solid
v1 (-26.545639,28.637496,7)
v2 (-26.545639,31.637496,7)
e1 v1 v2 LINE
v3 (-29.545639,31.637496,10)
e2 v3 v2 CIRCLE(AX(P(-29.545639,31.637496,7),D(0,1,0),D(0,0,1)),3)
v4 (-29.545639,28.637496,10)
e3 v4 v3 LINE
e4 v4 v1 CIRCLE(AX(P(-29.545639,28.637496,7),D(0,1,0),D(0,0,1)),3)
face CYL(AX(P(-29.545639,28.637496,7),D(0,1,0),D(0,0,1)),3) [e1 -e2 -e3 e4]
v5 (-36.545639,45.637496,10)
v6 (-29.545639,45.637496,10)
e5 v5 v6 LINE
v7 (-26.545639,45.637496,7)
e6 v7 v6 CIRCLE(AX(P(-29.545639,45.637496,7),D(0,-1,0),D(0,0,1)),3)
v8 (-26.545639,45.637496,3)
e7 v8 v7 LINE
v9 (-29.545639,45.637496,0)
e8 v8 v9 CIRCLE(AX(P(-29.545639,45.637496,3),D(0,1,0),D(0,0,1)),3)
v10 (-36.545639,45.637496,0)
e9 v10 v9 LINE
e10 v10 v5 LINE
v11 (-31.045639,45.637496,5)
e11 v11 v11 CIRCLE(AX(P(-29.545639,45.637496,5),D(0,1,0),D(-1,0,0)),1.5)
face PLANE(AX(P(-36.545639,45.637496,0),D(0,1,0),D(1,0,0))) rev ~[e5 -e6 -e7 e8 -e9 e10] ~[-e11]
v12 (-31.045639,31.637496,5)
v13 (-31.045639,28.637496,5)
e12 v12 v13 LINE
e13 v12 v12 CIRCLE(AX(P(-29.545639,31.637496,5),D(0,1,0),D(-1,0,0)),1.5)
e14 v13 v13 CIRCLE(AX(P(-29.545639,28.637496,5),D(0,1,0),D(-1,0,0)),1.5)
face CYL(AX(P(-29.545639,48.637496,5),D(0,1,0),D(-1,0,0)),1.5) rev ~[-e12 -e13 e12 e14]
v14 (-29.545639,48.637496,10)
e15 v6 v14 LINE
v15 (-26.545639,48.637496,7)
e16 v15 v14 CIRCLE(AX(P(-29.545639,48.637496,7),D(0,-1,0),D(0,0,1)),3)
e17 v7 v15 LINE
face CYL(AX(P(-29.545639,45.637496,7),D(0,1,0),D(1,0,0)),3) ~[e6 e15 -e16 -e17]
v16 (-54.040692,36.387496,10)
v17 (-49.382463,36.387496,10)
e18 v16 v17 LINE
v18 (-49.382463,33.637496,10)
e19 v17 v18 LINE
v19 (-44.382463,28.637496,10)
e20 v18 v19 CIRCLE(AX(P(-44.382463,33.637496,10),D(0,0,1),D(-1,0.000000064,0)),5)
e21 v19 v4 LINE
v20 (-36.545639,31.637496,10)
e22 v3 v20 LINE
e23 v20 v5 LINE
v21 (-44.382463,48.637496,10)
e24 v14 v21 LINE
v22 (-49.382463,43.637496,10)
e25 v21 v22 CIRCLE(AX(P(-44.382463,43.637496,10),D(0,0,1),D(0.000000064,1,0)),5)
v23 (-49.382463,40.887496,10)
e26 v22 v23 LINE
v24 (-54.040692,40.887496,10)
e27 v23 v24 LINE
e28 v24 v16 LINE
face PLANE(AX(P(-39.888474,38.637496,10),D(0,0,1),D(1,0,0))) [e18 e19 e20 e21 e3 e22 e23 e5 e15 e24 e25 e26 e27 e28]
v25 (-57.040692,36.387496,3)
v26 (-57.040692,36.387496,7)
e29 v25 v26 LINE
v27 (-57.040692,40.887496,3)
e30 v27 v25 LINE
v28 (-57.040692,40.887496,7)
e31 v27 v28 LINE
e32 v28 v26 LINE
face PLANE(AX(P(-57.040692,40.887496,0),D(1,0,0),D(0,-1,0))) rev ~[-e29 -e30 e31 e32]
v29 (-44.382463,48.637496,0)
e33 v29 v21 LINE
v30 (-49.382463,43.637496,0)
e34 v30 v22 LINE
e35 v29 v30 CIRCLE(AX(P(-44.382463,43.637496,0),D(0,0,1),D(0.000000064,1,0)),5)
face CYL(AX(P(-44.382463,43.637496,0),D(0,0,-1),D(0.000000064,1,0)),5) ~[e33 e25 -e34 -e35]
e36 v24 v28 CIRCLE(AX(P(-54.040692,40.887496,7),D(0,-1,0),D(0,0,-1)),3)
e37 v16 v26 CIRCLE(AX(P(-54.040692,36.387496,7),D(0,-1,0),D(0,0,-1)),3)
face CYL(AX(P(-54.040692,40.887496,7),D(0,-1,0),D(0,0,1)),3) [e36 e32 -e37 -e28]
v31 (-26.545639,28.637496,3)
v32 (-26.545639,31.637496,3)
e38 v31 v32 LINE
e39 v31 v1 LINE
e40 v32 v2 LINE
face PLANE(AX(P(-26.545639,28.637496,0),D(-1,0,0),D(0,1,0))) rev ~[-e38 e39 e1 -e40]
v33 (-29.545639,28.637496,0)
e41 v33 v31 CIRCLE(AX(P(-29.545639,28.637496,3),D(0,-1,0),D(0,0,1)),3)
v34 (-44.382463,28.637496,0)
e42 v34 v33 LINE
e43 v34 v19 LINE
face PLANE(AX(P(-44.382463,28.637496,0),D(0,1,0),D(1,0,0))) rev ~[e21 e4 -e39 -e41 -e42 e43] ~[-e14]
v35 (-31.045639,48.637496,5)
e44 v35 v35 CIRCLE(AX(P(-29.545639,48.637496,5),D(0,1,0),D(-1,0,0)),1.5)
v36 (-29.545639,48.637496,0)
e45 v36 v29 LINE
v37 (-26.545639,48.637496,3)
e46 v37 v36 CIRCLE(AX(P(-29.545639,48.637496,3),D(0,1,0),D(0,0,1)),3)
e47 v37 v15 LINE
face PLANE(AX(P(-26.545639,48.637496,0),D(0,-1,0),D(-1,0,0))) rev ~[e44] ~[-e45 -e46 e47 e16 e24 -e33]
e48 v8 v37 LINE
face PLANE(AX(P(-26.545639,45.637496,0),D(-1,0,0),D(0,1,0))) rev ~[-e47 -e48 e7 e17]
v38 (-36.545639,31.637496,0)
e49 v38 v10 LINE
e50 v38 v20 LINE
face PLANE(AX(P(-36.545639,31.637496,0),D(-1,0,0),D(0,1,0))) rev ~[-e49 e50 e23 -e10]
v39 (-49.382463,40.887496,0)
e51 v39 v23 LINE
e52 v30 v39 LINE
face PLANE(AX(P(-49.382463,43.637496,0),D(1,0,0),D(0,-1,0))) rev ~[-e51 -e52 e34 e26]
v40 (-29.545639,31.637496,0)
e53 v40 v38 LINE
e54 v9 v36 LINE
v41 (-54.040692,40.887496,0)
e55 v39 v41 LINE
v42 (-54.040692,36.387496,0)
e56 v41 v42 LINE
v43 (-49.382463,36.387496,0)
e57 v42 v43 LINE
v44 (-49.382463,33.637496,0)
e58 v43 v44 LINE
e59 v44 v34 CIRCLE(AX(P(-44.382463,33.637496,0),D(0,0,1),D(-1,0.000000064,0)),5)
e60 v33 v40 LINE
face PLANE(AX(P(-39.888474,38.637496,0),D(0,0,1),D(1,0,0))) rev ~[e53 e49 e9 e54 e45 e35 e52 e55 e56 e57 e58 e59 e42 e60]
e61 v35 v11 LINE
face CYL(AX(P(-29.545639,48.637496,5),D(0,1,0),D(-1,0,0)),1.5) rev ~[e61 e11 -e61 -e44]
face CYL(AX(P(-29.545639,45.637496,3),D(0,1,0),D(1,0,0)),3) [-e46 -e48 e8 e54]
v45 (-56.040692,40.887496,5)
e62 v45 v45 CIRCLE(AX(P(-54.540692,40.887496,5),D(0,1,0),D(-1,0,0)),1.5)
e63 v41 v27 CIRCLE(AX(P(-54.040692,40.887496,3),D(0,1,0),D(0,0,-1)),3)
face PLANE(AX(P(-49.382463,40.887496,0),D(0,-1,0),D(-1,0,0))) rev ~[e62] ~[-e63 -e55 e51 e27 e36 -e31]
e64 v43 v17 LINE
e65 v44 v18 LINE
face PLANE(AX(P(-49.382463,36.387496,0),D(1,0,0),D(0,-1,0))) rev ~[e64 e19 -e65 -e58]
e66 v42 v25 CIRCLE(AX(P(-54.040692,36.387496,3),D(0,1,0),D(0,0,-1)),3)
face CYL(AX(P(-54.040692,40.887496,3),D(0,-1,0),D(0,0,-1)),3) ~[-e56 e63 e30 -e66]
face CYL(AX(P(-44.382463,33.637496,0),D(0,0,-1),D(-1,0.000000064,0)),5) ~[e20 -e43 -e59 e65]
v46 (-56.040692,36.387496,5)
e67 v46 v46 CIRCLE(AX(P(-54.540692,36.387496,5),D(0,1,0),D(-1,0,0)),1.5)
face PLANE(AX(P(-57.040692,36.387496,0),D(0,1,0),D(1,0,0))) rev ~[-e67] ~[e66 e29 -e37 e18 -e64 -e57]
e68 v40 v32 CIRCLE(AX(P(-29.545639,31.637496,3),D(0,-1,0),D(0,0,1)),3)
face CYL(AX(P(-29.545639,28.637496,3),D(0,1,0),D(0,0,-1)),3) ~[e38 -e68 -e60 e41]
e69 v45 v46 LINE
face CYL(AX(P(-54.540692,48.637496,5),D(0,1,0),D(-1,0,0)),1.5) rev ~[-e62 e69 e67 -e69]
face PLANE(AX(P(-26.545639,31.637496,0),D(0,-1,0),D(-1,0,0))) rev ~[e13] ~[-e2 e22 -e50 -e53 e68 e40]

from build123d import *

# Parameters (mm, degrees)
F1_DEPTH = 10
F2_R     = 1.5
F3_DEPTH = 25
F4_R     = 3


with BuildPart() as f1:
    # F0 (on Top) → F1 (new body)
    with BuildSketch(Plane.XY):
        with BuildLine():
            Line((-26.545639, 48.637496), (-44.382463, 48.637496))
            ThreePointArc((-44.382463, 48.637496), (-47.917997, 47.17303), (-49.382463, 43.637496))
            Line((-49.382463, 43.637496), (-49.382463, 40.887496))
            Line((-49.382463, 40.887496), (-57.040692, 40.887496))
            Line((-57.040692, 40.887496), (-57.040692, 36.387496))
            Line((-57.040692, 36.387496), (-49.382463, 36.387496))
            Line((-49.382463, 36.387496), (-49.382463, 33.637496))
            ThreePointArc((-49.382463, 33.637496), (-47.917997, 30.101962), (-44.382463, 28.637496))
            Line((-44.382463, 28.637496), (-26.545639, 28.637496))
            Line((-26.545639, 28.637496), (-26.545639, 31.637496))
            Line((-26.545639, 31.637496), (-36.545639, 31.637496))
            Line((-36.545639, 31.637496), (-36.545639, 45.637496))
            Line((-36.545639, 45.637496), (-26.545639, 45.637496))
            Line((-26.545639, 45.637496), (-26.545639, 48.637496))
        make_face()
    extrude(amount=F1_DEPTH)

    # F2 (on face) → F3 (cut)
    with BuildSketch(Plane(origin=(0, 48.637496, 0), x_dir=(-1, 0, 0), z_dir=(0, 1, 0))):
        with Locations((54.540692, 5)):
            Circle(F2_R)
        with Locations((29.545639, 5)):
            Circle(F2_R)
    extrude(amount=-F3_DEPTH, mode=Mode.SUBTRACT)

    # F4
    f4_edges = [f1.edges().sort_by_distance(p)[0] for p in [
        (-57.040692, 38.637496, 10),
        (-57.040692, 38.637496, 0),
        (-26.545639, 47.137496, 10),
        (-26.545639, 30.137496, 10),
        (-26.545639, 47.137496, 0),
        (-26.545639, 30.137496, 0),
    ]]
    fillet(f4_edges, radius=F4_R)


solid = f1.part
